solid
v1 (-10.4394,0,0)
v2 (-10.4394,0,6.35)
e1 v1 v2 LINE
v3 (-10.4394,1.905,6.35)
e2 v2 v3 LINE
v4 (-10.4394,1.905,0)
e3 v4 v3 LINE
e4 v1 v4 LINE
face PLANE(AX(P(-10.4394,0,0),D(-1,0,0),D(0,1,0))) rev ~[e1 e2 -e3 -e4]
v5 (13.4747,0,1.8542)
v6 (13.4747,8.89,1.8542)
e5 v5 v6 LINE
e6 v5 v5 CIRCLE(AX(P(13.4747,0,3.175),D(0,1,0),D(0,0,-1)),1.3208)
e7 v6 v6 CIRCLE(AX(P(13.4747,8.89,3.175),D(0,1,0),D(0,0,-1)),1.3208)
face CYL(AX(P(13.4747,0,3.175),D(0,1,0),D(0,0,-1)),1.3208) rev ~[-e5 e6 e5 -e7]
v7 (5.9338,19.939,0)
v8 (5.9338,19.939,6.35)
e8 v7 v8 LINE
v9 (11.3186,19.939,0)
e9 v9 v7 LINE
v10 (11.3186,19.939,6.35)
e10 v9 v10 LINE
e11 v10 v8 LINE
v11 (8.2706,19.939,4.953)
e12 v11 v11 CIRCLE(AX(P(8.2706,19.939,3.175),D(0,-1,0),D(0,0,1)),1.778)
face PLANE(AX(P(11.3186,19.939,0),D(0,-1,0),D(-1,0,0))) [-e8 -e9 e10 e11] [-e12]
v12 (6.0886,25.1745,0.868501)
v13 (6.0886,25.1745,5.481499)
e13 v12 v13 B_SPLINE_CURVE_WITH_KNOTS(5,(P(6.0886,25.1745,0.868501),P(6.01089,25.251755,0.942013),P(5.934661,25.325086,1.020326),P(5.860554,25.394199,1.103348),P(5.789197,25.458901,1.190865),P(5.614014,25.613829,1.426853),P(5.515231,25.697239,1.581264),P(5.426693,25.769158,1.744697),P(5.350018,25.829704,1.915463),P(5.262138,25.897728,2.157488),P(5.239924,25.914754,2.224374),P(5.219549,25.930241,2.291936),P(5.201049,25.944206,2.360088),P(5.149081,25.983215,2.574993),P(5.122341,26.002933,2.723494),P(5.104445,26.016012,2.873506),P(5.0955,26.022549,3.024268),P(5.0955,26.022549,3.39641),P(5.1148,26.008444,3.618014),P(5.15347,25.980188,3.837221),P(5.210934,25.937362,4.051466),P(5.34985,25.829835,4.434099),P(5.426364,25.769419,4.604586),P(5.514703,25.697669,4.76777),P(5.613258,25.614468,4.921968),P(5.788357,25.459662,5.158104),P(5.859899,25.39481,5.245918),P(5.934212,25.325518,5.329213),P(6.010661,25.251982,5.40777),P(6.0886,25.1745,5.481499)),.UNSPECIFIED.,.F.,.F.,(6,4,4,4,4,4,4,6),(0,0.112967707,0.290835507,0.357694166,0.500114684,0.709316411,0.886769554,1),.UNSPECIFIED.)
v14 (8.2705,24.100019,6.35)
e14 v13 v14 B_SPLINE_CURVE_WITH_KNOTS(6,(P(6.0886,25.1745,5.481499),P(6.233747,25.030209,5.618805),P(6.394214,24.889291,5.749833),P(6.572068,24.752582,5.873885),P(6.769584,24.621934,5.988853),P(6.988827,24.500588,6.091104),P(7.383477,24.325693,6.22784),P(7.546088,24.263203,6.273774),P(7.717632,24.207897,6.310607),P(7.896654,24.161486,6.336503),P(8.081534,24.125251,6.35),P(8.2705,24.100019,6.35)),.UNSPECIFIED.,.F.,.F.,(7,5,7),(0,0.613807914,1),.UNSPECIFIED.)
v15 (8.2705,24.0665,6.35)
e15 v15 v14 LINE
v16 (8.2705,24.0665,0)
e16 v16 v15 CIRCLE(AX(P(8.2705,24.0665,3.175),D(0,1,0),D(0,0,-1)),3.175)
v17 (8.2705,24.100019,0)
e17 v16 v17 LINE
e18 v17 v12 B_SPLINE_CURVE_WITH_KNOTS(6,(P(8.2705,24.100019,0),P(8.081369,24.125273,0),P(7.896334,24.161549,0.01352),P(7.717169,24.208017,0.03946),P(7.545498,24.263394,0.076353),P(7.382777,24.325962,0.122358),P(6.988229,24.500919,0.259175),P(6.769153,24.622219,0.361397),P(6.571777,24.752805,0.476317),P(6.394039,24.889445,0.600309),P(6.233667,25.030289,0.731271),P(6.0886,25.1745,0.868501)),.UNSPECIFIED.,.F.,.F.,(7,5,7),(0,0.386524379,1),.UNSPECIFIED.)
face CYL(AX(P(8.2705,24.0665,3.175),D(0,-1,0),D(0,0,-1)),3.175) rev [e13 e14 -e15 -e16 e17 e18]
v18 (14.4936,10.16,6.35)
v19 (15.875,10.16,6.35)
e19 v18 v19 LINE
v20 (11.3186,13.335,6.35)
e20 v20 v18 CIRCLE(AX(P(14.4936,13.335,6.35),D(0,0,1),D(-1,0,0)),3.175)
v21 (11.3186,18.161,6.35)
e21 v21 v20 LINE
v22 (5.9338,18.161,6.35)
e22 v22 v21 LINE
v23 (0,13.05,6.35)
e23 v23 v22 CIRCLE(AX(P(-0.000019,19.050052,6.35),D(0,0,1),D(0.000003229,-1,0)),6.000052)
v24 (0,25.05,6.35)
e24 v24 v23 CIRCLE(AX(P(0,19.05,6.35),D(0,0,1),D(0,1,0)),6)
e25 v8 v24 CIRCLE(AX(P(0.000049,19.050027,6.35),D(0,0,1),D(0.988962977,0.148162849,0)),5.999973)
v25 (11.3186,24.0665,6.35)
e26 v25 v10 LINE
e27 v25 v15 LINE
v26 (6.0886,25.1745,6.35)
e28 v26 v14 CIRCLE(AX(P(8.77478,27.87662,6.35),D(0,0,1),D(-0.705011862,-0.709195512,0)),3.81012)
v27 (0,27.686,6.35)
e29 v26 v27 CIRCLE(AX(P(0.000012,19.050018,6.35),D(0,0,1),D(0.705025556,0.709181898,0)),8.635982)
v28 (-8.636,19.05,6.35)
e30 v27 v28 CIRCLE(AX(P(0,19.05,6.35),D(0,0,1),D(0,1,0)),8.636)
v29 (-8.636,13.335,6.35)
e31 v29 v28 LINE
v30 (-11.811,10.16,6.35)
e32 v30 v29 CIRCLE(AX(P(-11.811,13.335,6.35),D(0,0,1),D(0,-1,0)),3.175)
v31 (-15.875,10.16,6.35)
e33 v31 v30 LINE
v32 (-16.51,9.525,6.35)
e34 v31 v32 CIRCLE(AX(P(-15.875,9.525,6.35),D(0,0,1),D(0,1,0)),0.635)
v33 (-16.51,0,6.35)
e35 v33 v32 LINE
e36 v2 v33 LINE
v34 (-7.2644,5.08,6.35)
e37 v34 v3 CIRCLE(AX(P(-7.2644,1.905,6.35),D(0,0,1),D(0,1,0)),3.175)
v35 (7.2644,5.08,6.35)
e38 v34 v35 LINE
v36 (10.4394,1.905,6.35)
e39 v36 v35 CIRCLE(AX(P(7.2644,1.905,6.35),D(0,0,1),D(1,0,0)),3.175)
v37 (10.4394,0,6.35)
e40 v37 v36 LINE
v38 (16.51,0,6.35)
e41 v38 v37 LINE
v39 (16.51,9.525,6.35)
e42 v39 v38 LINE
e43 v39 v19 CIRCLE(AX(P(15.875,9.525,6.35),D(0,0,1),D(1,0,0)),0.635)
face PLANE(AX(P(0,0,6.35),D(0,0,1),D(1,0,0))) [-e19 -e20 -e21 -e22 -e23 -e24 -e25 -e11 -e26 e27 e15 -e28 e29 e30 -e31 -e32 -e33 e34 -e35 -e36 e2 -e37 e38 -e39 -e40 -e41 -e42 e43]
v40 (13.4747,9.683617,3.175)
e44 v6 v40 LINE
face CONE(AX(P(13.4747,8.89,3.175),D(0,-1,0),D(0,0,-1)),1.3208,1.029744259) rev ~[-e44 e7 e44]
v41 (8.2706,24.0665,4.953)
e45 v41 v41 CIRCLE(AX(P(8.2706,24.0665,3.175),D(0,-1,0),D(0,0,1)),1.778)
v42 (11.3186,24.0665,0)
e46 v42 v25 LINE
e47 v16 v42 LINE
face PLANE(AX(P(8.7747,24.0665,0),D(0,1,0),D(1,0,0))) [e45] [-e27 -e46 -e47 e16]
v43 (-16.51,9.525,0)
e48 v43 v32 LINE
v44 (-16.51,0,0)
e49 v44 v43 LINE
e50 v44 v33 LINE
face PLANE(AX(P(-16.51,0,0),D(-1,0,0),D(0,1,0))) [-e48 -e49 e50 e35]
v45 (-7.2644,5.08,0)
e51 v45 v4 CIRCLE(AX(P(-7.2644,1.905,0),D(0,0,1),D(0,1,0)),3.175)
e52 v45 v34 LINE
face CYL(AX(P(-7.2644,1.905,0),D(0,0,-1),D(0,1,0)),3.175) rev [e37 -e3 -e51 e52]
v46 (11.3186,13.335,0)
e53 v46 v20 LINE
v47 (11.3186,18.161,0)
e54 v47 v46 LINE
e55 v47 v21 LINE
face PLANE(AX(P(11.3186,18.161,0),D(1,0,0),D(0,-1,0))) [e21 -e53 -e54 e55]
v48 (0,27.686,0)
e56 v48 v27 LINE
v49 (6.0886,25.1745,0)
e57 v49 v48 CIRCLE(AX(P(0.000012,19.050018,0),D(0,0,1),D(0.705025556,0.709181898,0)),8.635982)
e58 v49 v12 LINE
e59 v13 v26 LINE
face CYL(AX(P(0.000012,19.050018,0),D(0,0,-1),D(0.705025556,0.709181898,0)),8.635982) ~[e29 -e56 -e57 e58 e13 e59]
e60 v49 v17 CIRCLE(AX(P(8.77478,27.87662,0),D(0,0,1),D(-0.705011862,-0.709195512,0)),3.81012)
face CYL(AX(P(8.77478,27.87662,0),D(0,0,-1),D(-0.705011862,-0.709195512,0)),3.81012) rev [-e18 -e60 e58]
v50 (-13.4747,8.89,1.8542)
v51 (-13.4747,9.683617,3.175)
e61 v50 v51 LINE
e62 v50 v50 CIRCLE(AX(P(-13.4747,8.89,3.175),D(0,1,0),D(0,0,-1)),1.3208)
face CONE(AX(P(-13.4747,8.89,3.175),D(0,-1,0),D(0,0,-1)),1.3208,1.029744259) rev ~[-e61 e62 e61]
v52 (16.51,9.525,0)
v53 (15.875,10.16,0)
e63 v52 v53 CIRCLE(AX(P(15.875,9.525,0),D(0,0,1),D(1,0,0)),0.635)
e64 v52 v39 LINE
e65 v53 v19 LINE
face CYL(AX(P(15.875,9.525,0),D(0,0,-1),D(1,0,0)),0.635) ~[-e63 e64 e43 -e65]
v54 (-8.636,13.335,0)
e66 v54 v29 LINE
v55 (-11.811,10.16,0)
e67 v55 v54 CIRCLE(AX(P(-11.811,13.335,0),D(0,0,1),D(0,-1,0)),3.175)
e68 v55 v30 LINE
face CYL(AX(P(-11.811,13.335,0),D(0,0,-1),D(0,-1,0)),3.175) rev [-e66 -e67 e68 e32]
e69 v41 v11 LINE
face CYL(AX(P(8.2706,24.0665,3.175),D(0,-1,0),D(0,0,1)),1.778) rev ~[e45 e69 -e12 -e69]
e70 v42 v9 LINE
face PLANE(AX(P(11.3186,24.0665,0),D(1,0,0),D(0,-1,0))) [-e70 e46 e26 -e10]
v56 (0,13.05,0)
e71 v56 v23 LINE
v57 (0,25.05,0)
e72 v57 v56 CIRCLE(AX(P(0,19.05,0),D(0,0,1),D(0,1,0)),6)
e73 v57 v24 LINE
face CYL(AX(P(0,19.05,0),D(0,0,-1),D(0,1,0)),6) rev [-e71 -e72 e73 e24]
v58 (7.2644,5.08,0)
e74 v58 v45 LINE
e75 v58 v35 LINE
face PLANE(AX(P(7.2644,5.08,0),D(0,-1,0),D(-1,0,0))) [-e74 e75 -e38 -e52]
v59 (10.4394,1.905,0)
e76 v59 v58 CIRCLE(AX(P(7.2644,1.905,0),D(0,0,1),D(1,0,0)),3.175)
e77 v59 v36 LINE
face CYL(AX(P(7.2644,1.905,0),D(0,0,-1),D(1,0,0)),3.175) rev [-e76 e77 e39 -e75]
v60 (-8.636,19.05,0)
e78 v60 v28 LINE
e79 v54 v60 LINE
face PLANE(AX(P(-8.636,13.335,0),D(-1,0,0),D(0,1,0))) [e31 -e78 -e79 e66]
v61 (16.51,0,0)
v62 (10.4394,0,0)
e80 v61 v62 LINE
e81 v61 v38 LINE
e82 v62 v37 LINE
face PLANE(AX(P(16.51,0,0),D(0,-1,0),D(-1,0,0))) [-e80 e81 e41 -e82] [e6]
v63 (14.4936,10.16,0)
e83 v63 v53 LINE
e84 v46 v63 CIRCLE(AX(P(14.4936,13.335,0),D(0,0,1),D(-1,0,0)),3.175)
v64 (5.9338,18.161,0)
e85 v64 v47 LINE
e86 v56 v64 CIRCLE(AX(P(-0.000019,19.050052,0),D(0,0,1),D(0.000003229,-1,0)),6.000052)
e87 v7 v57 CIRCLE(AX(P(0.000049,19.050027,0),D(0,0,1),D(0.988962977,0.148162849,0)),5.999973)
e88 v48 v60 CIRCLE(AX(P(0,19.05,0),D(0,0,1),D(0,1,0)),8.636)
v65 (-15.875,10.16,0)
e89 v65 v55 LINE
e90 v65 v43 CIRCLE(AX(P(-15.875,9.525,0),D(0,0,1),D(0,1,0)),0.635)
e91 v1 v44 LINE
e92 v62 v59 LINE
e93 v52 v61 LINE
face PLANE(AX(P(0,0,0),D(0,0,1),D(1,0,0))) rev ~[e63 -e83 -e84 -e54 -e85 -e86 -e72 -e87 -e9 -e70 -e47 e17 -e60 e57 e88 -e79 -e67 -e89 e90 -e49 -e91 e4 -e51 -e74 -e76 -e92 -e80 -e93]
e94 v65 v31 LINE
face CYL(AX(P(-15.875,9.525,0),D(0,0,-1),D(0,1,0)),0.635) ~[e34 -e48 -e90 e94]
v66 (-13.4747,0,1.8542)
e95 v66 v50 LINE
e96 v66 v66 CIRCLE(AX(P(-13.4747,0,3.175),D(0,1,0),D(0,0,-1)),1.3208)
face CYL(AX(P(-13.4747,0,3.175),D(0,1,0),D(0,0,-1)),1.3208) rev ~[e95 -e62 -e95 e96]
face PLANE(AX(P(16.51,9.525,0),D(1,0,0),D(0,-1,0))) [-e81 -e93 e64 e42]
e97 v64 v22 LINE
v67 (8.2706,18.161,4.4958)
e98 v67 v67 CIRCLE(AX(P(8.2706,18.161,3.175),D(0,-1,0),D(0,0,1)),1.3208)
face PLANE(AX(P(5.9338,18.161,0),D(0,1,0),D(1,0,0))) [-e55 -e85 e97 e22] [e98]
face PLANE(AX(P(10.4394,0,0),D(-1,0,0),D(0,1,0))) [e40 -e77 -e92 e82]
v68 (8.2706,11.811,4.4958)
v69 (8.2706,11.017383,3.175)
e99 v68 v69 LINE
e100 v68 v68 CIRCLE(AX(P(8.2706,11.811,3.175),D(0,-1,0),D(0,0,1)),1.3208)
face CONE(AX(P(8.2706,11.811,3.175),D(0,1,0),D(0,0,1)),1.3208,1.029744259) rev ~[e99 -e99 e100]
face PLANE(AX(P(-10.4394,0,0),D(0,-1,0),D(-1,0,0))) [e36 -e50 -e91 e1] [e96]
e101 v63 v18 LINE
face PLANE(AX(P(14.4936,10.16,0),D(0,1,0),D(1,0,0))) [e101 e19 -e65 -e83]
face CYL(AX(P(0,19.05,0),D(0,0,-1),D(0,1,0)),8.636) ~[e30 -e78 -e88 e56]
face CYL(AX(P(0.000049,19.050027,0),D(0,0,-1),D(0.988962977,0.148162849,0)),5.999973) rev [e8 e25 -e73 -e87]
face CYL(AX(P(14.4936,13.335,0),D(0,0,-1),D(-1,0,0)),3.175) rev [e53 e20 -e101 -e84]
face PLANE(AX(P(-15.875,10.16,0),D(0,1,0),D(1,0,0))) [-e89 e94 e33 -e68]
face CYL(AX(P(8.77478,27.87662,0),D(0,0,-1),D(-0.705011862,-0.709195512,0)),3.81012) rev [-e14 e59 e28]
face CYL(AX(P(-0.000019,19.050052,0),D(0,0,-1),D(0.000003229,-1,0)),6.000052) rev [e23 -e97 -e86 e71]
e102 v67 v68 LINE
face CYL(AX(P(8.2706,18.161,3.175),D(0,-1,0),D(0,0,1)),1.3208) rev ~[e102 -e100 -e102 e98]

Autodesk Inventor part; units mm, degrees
ref_plane "YZ Plane" through (0, 0, 0) normal (1, 0, 0) x (0, 1, 0)
ref_plane "XZ Plane" through (0, 0, 0) normal (0, 1, 0) x (-1, 0, 0)
ref_plane "XY Plane" through (0, 0, 0) normal (0, 0, 1) x (1, 0, 0)
sketch "Sketch1" plane through (0, 0, 0) normal (0, 0, 1) x (1, 0, 0)
  line L0 (0, 0) -> (0, 14.864) construction
  arc A0 (0, 25.05) -> (0, 13.05) centre (0, 19.05) ccw
  line L1 (-10.4394, 0) -> (-10.4394, 1.905)
  line L2 (-7.2644, 5.08) -> (0, 5.08)
  line L3 (-16.51, 0) -> (-16.51, 9.525)
  line L4 (-15.875, 10.16) -> (-11.811, 10.16)
  line L5 (-8.636, 13.335) -> (-8.636, 19.05)
  arc A1 (0, 27.686) -> (-8.636, 19.05) centre (0, 19.05) ccw
  arc A2 (-7.2644, 5.08) -> (-10.4394, 1.905) centre (-7.2644, 1.905) ccw
  line L6 (-10.4394, 0) -> (-16.51, 0)
  arc A3 (-15.875, 10.16) -> (-16.51, 9.525) centre (-15.875, 9.525) ccw
  arc A4 (-11.811, 10.16) -> (-8.636, 13.335) centre (-11.811, 13.335) ccw
  arc A5 (5.9338, 19.939) -> (0, 25.05) centre (0, 19.05) ccw
  arc A6 (0, 13.05) -> (5.9338, 18.161) centre (0, 19.05) ccw
  arc A7 (6.0886, 25.1745) -> (0, 27.686) centre (0, 19.05) ccw
  line L7 (8.7747, 24.0665) -> (11.3186, 24.0665)
  line L8 (11.3186, 24.0665) -> (11.3186, 19.939)
  line L9 (11.3186, 19.939) -> (5.9338, 19.939)
  line L10 (5.9338, 18.161) -> (11.3186, 18.161)
  line L11 (11.3186, 18.161) -> (11.3186, 13.335)
  line L12 (14.4936, 10.16) -> (15.875, 10.16)
  line L13 (16.51, 9.525) -> (16.51, 0)
  line L14 (16.51, 0) -> (10.4394, 0)
  line L15 (10.4394, 0) -> (10.4394, 1.905)
  line L16 (7.2644, 5.08) -> (0, 5.08)
  arc A8 (10.4394, 1.905) -> (7.2644, 5.08) centre (7.2644, 1.905) ccw
  arc A9 (11.3186, 13.335) -> (14.4936, 10.16) centre (14.4936, 13.335) ccw
  arc A10 (16.51, 9.525) -> (15.875, 10.16) centre (15.875, 9.525) ccw
  line L17 (0, 19.05) -> (12.673, 19.05) construction
  arc A11 (6.0886, 25.1745) -> (8.7747, 24.0665) centre (8.7747, 27.8765) ccw
  point P0 (7.0296, 24.0665)
  dimension "d0" = 19.05
  dimension "d1" = 6
  dimension "d2" = 27.686
  dimension "d3" = 3.175
  dimension "d4" = 0.635
  dimension "d5" = 3.175
  dimension "d6" = 33.02
  dimension "d7" = 10.16
  dimension "d8" = 6.0706
  dimension "d9" = 5.08
  dimension "d10" = 3.175
  dimension "d11" = 0.635
  dimension "d12" = 5.3848
  dimension "d13" = 1.778
  dimension "d14" = 3.81
  dimension "d15" = 4.1275
extrude "Extrusion1" add sketch "Sketch1" along normal blind 6.35
sketch "Sketch3" plane through (8.7747, 24.0665, 0) normal (0, 1, 0) x (1, 0, 0)
  line L0 (0, 0) -> (2.5438, 0) projected
  line L1 (2.5438, -6.35) -> (0, -6.35) projected
  line L2 (2.5438, 0) -> (2.5438, -6.35) projected
  line L3 (2.5438, -3.175) -> (-0.5042, -3.175) construction
  line L4 (0, 0) -> (-0.5042, 0)
  line L5 (0, -6.35) -> (-0.5042, -6.35)
  arc A0 (-0.5042, 0) -> (-0.5042, -6.35) centre (-0.5042, -3.175) ccw
  point P0 (-8.7747, 0)
  dimension "d22" = 3.048
extrude "Extrusion2" cut sketch "Sketch3" along normal blind 6.35
sketch "Sketch4" plane through (11.3186, 24.0665, 6.35) normal (0, 1, 0) x (1, 0, 0)
  arc A0 (-3.048, 6.35) -> (-3.048, 0) centre (-3.048, 3.175) ccw projected
  point P0 (-11.3186, 6.35)
hole "Hole1" at (8.2706, 24.0665, 3.175) direction (0, -1, 0) diameter 3.556 depth 5.08
sketch "Sketch5" plane through (5.9338, 18.161, 0) normal (0, 1, 0) x (1, 0, 0)
  circle A0 centre (2.3368, -3.175) radius 1.778 projected
  point P0 (-5.9338, 0)
hole "Hole2" at (8.2706, 18.161, 3.175) direction (0, -1, 0) diameter 2.6416 depth 6.35 tip angle 118 thread size "6-32 UNC" class "2B" standard "ANSI Unified Screw Threads"
sketch "Sketch6" plane through (-16.51, 0, 0) normal (0, -1, 0) x (1, 0, 0)
  line L0 (33.02, 0) -> (26.9494, 0) projected
  line L1 (33.02, 0) -> (33.02, 6.35) projected
  line L2 (26.9494, 6.35) -> (33.02, 6.35) projected
  line L3 (26.9494, 0) -> (26.9494, 6.35) projected
  line L4 (0, 0) -> (6.0706, 6.35) construction
  line L5 (26.9494, 0) -> (33.02, 6.35) construction
  point P0 (16.51, 0)
  point P1 (3.0353, 3.175)
  point P2 (29.9847, 3.175)
hole "Hole3" at (-13.4747, 0, 3.175) at (13.4747, 0, 3.175) direction (0, 1, 0) diameter 2.6416 depth 8.89 tip angle 118 thread size "6-32 UNC" class "2B" standard "ANSI Unified Screw Threads"
properties part number "535638-12mmClampingBracket"
